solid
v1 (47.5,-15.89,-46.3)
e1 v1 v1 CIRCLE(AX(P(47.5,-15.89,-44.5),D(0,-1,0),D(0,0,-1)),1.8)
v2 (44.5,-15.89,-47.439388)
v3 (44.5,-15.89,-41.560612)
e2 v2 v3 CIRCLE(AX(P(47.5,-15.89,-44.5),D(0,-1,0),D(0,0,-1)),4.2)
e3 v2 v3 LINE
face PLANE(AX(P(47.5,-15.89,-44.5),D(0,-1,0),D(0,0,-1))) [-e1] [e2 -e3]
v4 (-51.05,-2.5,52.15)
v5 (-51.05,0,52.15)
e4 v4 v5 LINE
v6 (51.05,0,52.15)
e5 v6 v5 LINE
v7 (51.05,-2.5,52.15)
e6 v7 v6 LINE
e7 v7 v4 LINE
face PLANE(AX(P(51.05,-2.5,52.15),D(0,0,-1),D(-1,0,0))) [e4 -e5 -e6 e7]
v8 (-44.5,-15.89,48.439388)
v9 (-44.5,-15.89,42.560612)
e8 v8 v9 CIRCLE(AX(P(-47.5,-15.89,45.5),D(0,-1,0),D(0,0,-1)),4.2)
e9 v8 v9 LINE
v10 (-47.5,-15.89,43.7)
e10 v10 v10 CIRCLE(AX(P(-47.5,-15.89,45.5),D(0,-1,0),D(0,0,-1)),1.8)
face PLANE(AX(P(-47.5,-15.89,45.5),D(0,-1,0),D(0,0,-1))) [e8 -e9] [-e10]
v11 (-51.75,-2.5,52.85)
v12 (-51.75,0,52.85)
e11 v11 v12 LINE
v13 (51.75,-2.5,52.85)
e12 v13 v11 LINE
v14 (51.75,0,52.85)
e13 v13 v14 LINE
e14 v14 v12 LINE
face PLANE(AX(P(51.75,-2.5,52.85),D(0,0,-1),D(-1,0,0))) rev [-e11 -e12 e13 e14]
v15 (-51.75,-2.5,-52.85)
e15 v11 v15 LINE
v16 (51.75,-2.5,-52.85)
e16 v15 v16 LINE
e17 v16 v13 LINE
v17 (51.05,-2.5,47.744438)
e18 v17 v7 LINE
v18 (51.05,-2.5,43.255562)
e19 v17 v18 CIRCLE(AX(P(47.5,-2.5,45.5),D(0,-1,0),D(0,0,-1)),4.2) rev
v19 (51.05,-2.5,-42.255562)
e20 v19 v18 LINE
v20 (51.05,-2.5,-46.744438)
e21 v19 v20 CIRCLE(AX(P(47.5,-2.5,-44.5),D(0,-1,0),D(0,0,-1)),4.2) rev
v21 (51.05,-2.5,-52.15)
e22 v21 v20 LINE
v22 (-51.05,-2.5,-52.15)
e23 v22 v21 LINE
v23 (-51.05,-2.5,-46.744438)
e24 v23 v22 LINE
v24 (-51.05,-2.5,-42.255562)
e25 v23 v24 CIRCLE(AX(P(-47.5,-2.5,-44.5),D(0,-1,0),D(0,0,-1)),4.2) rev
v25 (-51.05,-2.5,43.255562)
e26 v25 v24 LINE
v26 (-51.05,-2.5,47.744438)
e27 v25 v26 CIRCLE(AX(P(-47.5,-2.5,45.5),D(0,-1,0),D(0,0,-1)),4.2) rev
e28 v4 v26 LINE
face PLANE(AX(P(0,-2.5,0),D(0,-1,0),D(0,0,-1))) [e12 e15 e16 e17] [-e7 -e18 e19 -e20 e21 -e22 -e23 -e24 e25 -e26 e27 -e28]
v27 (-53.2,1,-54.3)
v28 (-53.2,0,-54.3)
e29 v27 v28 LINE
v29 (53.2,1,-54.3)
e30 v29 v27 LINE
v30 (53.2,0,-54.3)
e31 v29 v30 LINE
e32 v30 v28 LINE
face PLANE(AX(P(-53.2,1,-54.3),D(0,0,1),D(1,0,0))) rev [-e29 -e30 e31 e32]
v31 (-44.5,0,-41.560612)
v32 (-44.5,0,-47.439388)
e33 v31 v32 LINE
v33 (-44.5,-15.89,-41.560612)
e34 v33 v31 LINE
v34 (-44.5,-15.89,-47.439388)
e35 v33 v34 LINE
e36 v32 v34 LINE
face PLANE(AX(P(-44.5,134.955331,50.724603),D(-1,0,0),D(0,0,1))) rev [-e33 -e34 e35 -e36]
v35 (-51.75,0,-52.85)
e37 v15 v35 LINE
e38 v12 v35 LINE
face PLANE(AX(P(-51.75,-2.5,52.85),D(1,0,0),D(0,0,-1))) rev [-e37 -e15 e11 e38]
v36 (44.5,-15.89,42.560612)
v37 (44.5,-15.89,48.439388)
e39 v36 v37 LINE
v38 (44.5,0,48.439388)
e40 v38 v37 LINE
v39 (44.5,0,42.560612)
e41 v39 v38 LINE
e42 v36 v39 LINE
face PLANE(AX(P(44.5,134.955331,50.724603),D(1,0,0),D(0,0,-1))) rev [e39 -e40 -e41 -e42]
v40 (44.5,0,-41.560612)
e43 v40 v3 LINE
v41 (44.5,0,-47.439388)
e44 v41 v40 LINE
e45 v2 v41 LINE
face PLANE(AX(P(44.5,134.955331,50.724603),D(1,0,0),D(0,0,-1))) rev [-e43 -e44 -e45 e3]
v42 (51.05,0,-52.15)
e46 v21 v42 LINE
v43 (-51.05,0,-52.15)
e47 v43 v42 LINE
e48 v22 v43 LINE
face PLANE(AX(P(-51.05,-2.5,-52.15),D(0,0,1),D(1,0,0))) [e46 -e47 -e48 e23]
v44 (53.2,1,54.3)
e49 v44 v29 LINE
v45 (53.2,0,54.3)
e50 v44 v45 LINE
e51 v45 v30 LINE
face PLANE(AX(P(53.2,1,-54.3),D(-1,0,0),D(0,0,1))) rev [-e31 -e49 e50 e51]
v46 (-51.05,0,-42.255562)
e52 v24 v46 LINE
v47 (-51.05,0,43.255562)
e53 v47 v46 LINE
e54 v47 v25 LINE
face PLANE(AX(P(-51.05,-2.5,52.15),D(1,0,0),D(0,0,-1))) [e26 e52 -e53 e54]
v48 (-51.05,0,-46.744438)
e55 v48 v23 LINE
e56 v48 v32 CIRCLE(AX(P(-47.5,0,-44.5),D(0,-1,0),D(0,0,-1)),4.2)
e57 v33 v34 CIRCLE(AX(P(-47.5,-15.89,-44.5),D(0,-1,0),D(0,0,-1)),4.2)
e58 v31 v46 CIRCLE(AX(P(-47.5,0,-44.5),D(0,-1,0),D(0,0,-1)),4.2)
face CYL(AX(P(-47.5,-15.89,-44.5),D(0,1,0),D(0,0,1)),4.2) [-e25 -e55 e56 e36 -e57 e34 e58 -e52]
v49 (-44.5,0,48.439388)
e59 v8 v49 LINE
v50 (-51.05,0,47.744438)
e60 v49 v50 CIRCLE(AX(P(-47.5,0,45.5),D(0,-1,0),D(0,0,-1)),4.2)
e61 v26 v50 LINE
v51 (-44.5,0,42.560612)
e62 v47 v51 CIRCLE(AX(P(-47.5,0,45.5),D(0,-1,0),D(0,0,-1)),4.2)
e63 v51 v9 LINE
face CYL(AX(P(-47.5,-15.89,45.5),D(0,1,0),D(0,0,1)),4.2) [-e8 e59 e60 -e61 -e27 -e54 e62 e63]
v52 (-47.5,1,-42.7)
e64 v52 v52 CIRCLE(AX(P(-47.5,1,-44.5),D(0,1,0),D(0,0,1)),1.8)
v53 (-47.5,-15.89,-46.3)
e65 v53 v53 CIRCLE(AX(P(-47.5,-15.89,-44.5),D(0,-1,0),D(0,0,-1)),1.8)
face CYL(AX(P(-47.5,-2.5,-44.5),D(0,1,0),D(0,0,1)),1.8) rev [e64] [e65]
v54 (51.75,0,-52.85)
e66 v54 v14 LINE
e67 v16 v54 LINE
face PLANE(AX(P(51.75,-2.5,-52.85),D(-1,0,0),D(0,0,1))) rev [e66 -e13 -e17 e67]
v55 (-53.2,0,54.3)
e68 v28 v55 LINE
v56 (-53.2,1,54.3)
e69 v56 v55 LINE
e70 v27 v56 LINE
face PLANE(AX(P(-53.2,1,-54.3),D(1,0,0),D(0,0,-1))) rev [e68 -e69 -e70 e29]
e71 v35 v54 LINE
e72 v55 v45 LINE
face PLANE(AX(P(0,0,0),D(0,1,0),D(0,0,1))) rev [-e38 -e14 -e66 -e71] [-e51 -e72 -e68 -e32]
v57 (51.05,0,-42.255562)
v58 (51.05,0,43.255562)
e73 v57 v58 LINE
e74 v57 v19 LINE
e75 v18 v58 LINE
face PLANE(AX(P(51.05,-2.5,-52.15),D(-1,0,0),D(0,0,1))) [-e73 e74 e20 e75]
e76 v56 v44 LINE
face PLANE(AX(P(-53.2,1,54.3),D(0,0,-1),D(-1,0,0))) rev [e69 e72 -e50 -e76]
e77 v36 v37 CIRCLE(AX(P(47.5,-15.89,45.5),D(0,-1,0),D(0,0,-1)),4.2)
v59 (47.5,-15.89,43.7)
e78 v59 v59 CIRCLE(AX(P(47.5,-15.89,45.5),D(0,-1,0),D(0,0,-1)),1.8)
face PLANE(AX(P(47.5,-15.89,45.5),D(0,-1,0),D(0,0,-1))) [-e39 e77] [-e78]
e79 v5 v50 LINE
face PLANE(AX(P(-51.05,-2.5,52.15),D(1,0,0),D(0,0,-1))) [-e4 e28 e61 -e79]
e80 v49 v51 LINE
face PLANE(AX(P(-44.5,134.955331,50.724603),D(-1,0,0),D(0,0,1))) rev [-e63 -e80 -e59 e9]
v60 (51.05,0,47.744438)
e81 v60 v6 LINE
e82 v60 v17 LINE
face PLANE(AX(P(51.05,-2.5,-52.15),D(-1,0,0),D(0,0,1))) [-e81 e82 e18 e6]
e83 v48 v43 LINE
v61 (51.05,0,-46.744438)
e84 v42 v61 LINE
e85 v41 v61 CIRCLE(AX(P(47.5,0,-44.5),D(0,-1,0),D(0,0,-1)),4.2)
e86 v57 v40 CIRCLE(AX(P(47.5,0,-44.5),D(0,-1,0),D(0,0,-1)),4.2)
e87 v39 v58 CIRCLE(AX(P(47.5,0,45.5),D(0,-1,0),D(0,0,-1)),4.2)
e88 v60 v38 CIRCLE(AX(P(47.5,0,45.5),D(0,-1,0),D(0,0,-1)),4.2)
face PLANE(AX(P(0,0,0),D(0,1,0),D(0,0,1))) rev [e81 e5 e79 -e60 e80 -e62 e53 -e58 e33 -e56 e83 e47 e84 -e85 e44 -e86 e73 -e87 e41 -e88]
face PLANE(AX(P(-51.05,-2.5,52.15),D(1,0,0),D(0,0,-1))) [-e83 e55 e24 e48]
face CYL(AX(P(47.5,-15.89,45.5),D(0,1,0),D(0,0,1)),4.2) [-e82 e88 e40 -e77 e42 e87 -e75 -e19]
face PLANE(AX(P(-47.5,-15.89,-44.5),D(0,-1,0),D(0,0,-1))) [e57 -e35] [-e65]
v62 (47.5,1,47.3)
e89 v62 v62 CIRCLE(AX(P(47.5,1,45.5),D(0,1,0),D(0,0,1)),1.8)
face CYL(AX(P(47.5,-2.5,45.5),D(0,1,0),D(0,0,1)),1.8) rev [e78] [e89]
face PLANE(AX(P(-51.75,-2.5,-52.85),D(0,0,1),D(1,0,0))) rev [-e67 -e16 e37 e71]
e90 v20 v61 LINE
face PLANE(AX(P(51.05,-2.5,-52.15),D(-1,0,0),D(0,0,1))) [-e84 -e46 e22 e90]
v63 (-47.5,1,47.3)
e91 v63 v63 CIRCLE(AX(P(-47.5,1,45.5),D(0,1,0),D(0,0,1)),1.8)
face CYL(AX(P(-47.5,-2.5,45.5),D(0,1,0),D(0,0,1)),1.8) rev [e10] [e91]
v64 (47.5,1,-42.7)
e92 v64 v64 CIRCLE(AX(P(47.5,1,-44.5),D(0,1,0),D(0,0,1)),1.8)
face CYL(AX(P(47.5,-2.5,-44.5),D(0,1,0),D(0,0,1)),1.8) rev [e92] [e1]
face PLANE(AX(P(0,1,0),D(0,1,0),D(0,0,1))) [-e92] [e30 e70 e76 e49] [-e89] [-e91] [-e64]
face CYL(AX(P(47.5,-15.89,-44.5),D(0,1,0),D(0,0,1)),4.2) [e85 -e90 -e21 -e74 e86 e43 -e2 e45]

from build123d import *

# Parameters (mm, degrees)
SKETCH_1_W          = 106.4
SKETCH_1_H          = 108.6
EXTRUDE_1_DEPTH     = 1
SKETCH_2_W          = 103.5
SKETCH_2_H          = 105.7
SKETCH_2_W_2        = 102.1
SKETCH_2_H_2        = 104.3
EXTRUDE_2_DEPTH     = 2.5
SKETCH_4_R          = 1.8
CUT_EXTRUDE_1_DEPTH = 77.098488815
SKETCH_13_R         = 4.2
SKETCH_13_R_2       = 1.8
EXTRUDE_8_DEPTH     = 15.89
SKETCH_14_W         = 89
SKETCH_14_H         = 101.449206074
CUT_EXTRUDE_6_DEPTH = 15.89


with BuildPart() as part:
    # 草图1 → 凸台-拉伸1 (new body)
    with BuildSketch(Plane(origin=(0, 0, 0), x_dir=(1, 0, 0), z_dir=(0, 1, 0))):
        Rectangle(SKETCH_1_W, SKETCH_1_H)
    extrude(amount=EXTRUDE_1_DEPTH)

    # 草图2 → 凸台-拉伸2 (add)
    with BuildSketch(Plane.XZ):
        Rectangle(SKETCH_2_W, SKETCH_2_H)
        Rectangle(SKETCH_2_W_2, SKETCH_2_H_2, mode=Mode.SUBTRACT)
    extrude(amount=EXTRUDE_2_DEPTH)

    # 草图4 → 切除-拉伸1 (cut, through all)
    with BuildSketch(Plane(origin=(0, 1, 0), x_dir=(1, 0, 0), z_dir=(0, 1, 0))):
        with Locations(Location((47.5, 44.5, 0), (0, 0, 270))):
            Circle(SKETCH_4_R)
        with Locations(Location((-47.5, 44.5, 0), (0, 0, 270))):
            Circle(SKETCH_4_R)
        with Locations(Location((-47.5, -45.5, 0), (0, 0, 270))):
            Circle(SKETCH_4_R)
        with Locations(Location((47.5, -45.5, 0), (0, 0, 270))):
            Circle(SKETCH_4_R)
    extrude(amount=-CUT_EXTRUDE_1_DEPTH, mode=Mode.SUBTRACT)

    # 草图13 → 凸台-拉伸8 (add)
    # profile 1 of 4: a face of its own
    with BuildSketch(Plane.XZ):
        with Locations(Location((-47.5, 45.5, 0), (0, 0, 147.697454791))):
            Circle(SKETCH_13_R)
        with Locations(Location((-47.5, 45.5, 0), (0, 0, 90))):
            Circle(SKETCH_13_R_2, mode=Mode.SUBTRACT)
    # profile 2 of 4: a face of its own
    with BuildSketch(Plane.XZ):
        with Locations(Location((47.5, 45.5, 0), (0, 0, 32.302545209))):
            Circle(SKETCH_13_R)
        with Locations(Location((47.5, 45.5, 0), (0, 0, 90))):
            Circle(SKETCH_13_R_2, mode=Mode.SUBTRACT)
    # profile 3 of 4: a face of its own
    with BuildSketch(Plane.XZ):
        with Locations(Location((-47.5, -44.5, 0), (0, 0, 147.697454791))):
            Circle(SKETCH_13_R)
        with Locations(Location((-47.5, -44.5, 0), (0, 0, 90))):
            Circle(SKETCH_13_R_2, mode=Mode.SUBTRACT)
    # profile 4 of 4: a face of its own
    with BuildSketch(Plane.XZ):
        with Locations(Location((47.5, -44.5, 0), (0, 0, 32.302545209))):
            Circle(SKETCH_13_R)
        with Locations(Location((47.5, -44.5, 0), (0, 0, 90))):
            Circle(SKETCH_13_R_2, mode=Mode.SUBTRACT)
    extrude(amount=EXTRUDE_8_DEPTH)

    # 草图14 → 切除-拉伸6 (cut)
    with BuildSketch(Plane.XZ.offset(15.89)):
        Rectangle(SKETCH_14_W, SKETCH_14_H)
    extrude(amount=-CUT_EXTRUDE_6_DEPTH, mode=Mode.SUBTRACT)


solid = part.part
